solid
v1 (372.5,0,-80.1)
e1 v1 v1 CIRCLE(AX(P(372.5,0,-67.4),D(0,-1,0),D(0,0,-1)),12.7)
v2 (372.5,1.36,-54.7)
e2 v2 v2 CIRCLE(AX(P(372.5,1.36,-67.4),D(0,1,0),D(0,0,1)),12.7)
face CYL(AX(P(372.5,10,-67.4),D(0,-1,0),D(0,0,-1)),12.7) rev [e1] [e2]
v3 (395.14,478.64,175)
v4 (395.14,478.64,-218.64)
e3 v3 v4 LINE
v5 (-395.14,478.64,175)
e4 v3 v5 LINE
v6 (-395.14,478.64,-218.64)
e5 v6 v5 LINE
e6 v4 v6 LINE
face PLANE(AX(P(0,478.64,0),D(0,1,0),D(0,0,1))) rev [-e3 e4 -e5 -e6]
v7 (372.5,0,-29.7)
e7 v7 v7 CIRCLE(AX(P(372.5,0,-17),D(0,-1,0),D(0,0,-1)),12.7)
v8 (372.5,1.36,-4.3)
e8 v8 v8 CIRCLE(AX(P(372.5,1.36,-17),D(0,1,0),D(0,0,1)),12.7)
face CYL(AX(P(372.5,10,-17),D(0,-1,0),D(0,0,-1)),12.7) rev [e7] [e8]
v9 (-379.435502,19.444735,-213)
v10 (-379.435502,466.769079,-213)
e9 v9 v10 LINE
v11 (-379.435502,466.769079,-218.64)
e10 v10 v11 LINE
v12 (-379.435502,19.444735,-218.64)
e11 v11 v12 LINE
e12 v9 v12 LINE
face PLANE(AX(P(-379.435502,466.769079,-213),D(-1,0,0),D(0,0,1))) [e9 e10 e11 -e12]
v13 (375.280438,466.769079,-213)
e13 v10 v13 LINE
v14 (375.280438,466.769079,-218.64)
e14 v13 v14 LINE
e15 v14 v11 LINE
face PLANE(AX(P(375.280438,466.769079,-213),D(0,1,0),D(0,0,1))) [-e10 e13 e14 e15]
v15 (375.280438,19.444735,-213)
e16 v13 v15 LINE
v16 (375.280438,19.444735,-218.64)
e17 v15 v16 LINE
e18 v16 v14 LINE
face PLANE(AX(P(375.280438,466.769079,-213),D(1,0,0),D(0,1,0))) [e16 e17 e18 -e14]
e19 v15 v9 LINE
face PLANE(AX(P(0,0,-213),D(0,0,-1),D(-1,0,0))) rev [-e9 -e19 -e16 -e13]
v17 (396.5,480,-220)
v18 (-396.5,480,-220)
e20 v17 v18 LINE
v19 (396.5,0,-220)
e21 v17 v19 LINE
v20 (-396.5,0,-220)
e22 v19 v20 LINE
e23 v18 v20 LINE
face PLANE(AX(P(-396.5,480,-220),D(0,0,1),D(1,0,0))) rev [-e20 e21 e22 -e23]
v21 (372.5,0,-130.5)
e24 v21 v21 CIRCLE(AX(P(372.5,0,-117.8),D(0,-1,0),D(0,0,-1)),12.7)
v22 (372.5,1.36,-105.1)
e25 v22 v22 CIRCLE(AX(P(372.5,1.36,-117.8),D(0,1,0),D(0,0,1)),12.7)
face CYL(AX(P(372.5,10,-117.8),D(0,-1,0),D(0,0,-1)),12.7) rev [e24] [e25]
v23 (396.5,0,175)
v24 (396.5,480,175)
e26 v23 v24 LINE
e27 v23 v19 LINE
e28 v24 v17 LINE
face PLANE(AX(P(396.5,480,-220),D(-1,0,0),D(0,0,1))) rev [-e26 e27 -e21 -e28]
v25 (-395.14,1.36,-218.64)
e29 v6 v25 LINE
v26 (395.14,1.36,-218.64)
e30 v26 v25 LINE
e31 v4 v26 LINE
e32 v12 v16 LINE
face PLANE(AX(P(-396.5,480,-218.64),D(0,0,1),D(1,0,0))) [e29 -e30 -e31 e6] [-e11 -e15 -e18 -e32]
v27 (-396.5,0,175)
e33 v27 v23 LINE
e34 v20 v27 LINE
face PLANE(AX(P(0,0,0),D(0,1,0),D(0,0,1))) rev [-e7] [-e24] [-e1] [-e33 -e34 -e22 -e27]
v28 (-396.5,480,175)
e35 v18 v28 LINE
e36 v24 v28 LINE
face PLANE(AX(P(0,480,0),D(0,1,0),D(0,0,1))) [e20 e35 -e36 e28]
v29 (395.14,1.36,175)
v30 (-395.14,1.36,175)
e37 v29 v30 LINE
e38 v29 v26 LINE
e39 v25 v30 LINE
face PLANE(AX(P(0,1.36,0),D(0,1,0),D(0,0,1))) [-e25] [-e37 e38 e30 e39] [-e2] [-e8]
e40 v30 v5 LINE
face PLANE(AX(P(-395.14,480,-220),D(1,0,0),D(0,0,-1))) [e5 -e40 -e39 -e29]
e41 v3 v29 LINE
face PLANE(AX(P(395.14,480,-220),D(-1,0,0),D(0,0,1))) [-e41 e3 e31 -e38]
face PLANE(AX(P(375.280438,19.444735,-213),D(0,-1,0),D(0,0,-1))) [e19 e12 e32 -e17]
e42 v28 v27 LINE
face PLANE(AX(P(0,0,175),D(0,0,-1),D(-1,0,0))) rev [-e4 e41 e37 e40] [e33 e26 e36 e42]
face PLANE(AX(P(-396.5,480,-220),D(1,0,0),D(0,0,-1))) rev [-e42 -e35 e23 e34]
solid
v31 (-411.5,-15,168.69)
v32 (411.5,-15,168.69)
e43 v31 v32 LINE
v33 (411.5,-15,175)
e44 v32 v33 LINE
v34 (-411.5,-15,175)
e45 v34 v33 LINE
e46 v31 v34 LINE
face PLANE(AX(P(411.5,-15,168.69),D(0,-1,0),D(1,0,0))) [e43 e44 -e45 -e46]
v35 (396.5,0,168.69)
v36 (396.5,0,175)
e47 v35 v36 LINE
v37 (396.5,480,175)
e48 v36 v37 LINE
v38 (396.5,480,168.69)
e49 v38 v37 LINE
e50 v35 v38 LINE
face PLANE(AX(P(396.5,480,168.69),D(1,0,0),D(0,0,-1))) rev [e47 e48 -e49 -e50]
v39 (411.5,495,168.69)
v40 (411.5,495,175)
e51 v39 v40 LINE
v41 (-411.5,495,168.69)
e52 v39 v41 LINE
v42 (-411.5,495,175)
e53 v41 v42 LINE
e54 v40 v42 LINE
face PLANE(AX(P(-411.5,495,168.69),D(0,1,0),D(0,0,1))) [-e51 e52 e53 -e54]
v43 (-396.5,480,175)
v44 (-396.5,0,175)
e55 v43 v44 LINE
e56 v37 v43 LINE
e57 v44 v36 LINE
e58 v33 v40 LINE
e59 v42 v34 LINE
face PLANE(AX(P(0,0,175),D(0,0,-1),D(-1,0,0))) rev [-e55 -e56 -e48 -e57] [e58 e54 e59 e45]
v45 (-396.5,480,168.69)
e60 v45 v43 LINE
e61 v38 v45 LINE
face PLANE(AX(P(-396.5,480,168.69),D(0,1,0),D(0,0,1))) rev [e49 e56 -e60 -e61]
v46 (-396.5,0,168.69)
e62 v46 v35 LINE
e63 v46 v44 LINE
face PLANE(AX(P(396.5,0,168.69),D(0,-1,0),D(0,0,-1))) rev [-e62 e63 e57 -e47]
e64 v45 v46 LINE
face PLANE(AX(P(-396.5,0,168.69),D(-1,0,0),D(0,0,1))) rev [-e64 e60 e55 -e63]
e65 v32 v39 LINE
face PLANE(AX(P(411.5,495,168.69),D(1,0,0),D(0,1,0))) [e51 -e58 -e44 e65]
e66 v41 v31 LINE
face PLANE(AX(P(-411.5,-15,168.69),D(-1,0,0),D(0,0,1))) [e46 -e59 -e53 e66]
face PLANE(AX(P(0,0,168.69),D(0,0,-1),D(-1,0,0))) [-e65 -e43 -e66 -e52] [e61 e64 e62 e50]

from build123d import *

# Parameters (mm, degrees)
CROQUIS1_W              = 793
CROQUIS1_H              = 440
SALIENTE_EXTRUIR1_DEPTH = 480
VACIADO1_T              = -1.36
CROQUIS2_R              = 12.7
CORTAR_EXTRUIR1_DEPTH   = 80
CROQUIS3_R              = 6.35
CORTAR_EXTRUIR2_DEPTH   = 10
CROQUIS5_R              = 6.35
CORTAR_EXTRUIR4_DEPTH   = 10
CROQUIS8_R              = 12.7
CORTAR_EXTRUIR6_DEPTH   = 10
CROQUIS9_W              = 25.745560897
CROQUIS9_H              = 149.422371693
SALIENTE_EXTRUIR2_DEPTH = 1.36
CROQUIS18_R             = 3.175
CROQUIS18_R_2           = 5.554937391
CORTAR_EXTRUIR12_DEPTH  = 10
CROQUIS19_W             = 793
CROQUIS19_H             = 480
CORTAR_EXTRUIR13_DEPTH  = 45
CROQUIS20_W             = 40.222844752
CROQUIS20_H             = 335.190372933
SALIENTE_EXTRUIR3_DEPTH = 1.36
CROQUIS22_W             = 754.715939893
CROQUIS22_H             = 447.32434432
SALIENTE_EXTRUIR4_DEPTH = 7
CROQUIS23_W             = 823
CROQUIS23_H             = 510
CROQUIS23_W_2           = 793
CROQUIS23_H_2           = 480
SALIENTE_EXTRUIR5_DEPTH = 6.31
CROQUIS24_R             = 12.7
CORTAR_EXTRUIR14_DEPTH  = 10


with BuildPart() as part:
    # Croquis1 → Saliente-Extruir1 (new body)
    with BuildSketch(Plane(origin=(0, 0, 0), x_dir=(1, 0, 0), z_dir=(0, 1, 0))):
        Rectangle(CROQUIS1_W, CROQUIS1_H)
    extrude(amount=SALIENTE_EXTRUIR1_DEPTH)

    # Vaciado1
    vaciado1_openings = [part.faces().sort_by_distance(p)[0] for p in [
        (0, 240, 220),
    ]]
    offset(amount=VACIADO1_T, openings=vaciado1_openings, kind=Kind.INTERSECTION)

    # Croquis2 → Cortar-Extruir1 (cut)
    with BuildSketch(Plane.XZ):
        with Locations(Location((-340.681431581, 41.288678468, 0), (0, 0, 270))):
            Circle(CROQUIS2_R)
    cortar_extruir1 = extrude(amount=-CORTAR_EXTRUIR1_DEPTH, mode=Mode.SUBTRACT)

    # Croquis3 → Cortar-Extruir2 (cut)
    with BuildSketch(Plane.XZ):
        with Locations(Location((-340.681431581, 81.288678468, 0), (0, 0, 270))):
            Circle(CROQUIS3_R)
    cortar_extruir2 = extrude(amount=-CORTAR_EXTRUIR2_DEPTH, mode=Mode.SUBTRACT)

    # Croquis5 → Cortar-Extruir4 (cut)
    with BuildSketch(Plane.XZ):
        with Locations(Location((-340.681431581, 121.288678468, 0), (0, 0, 270))):
            Circle(CROQUIS5_R)
    cortar_extruir4 = extrude(amount=-CORTAR_EXTRUIR4_DEPTH, mode=Mode.SUBTRACT)

    # Simetría1: Cortar-Extruir1, Cortar-Extruir2, Cortar-Extruir4 across plane
    add(cortar_extruir1.mirror(Plane(origin=(0, 0, 0), x_dir=(0, 0, 1), z_dir=(1, 0, 0))), mode=Mode.SUBTRACT)
    add(cortar_extruir2.mirror(Plane(origin=(0, 0, 0), x_dir=(0, 0, 1), z_dir=(1, 0, 0))), mode=Mode.SUBTRACT)
    add(cortar_extruir4.mirror(Plane(origin=(0, 0, 0), x_dir=(0, 0, 1), z_dir=(1, 0, 0))), mode=Mode.SUBTRACT)

    # Croquis8 → Cortar-Extruir6 (cut)
    with BuildSketch(Plane.XZ):
        with Locations(Location((340.681431581, -121.411321532, 0), (0, 0, 270))):
            Circle(CROQUIS8_R)
    extrude(amount=-CORTAR_EXTRUIR6_DEPTH, mode=Mode.SUBTRACT)

    # Croquis9 → Saliente-Extruir2 (add)
    with BuildSketch(Plane(origin=(0, 1.36, 0), x_dir=(1, 0, 0), z_dir=(0, 1, 0))):
        with Locations((-340.681431581, -81.288678468)):
            Rectangle(CROQUIS9_W, CROQUIS9_H)
    extrude(amount=-SALIENTE_EXTRUIR2_DEPTH)

    # Croquis18 → Cortar-Extruir12 (cut)
    with BuildSketch(Plane.XY.offset(-218.64)):
        with Locations((-348, 438)):
            Circle(CROQUIS18_R)
        with Locations((0, 438)):
            Circle(CROQUIS18_R)
        with Locations((348, 438)):
            Circle(CROQUIS18_R)
        with Locations((348, 240)):
            Circle(CROQUIS18_R)
        with Locations((348, 42)):
            Circle(CROQUIS18_R)
        with Locations((0, 42)):
            Circle(CROQUIS18_R)
        with Locations((-348, 42)):
            Circle(CROQUIS18_R)
        with Locations((-348, 240)):
            Circle(CROQUIS18_R_2)
    extrude(amount=-CORTAR_EXTRUIR12_DEPTH, mode=Mode.SUBTRACT)

    # Croquis19 → Cortar-Extruir13 (cut)
    with BuildSketch(Plane.XY.offset(220)):
        with Locations((0, 240)):
            Rectangle(CROQUIS19_W, CROQUIS19_H)
    extrude(amount=-CORTAR_EXTRUIR13_DEPTH, mode=Mode.SUBTRACT)

    # Croquis20 → Saliente-Extruir3 (add)
    with BuildSketch(Plane.XZ):
        with Locations((336.531134424, -29.98561058)):
            Rectangle(CROQUIS20_W, CROQUIS20_H)
    extrude(amount=-SALIENTE_EXTRUIR3_DEPTH)

    # Croquis22 → Saliente-Extruir4 (add)
    with BuildSketch(Plane(origin=(0, 0, -220), x_dir=(-1, 0, 0), z_dir=(0, 0, -1))):
        with Locations((2.077532213, 243.10690677)):
            Rectangle(CROQUIS22_W, CROQUIS22_H)
    extrude(amount=-SALIENTE_EXTRUIR4_DEPTH)

    # Croquis24 → Cortar-Extruir14 (cut)
    with BuildSketch(Plane.XZ):
        with Locations(Location((372.5, -117.8, 0), (0, 0, 270))):
            Circle(CROQUIS24_R)
        with Locations(Location((372.5, -67.4, 0), (0, 0, 270))):
            Circle(CROQUIS24_R)
        with Locations(Location((372.5, -17, 0), (0, 0, 270))):
            Circle(CROQUIS24_R)
    extrude(amount=-CORTAR_EXTRUIR14_DEPTH, mode=Mode.SUBTRACT)


with BuildPart() as body_2:
    # Croquis23 → Saliente-Extruir5 (new body)
    with BuildSketch(Plane.XY.offset(175)):
        with Locations((0, 240)):
            Rectangle(CROQUIS23_W, CROQUIS23_H)
        with Locations((0, 240)):
            Rectangle(CROQUIS23_W_2, CROQUIS23_H_2, mode=Mode.SUBTRACT)
    extrude(amount=-SALIENTE_EXTRUIR5_DEPTH)


solid = Compound([part.part, body_2.part])
